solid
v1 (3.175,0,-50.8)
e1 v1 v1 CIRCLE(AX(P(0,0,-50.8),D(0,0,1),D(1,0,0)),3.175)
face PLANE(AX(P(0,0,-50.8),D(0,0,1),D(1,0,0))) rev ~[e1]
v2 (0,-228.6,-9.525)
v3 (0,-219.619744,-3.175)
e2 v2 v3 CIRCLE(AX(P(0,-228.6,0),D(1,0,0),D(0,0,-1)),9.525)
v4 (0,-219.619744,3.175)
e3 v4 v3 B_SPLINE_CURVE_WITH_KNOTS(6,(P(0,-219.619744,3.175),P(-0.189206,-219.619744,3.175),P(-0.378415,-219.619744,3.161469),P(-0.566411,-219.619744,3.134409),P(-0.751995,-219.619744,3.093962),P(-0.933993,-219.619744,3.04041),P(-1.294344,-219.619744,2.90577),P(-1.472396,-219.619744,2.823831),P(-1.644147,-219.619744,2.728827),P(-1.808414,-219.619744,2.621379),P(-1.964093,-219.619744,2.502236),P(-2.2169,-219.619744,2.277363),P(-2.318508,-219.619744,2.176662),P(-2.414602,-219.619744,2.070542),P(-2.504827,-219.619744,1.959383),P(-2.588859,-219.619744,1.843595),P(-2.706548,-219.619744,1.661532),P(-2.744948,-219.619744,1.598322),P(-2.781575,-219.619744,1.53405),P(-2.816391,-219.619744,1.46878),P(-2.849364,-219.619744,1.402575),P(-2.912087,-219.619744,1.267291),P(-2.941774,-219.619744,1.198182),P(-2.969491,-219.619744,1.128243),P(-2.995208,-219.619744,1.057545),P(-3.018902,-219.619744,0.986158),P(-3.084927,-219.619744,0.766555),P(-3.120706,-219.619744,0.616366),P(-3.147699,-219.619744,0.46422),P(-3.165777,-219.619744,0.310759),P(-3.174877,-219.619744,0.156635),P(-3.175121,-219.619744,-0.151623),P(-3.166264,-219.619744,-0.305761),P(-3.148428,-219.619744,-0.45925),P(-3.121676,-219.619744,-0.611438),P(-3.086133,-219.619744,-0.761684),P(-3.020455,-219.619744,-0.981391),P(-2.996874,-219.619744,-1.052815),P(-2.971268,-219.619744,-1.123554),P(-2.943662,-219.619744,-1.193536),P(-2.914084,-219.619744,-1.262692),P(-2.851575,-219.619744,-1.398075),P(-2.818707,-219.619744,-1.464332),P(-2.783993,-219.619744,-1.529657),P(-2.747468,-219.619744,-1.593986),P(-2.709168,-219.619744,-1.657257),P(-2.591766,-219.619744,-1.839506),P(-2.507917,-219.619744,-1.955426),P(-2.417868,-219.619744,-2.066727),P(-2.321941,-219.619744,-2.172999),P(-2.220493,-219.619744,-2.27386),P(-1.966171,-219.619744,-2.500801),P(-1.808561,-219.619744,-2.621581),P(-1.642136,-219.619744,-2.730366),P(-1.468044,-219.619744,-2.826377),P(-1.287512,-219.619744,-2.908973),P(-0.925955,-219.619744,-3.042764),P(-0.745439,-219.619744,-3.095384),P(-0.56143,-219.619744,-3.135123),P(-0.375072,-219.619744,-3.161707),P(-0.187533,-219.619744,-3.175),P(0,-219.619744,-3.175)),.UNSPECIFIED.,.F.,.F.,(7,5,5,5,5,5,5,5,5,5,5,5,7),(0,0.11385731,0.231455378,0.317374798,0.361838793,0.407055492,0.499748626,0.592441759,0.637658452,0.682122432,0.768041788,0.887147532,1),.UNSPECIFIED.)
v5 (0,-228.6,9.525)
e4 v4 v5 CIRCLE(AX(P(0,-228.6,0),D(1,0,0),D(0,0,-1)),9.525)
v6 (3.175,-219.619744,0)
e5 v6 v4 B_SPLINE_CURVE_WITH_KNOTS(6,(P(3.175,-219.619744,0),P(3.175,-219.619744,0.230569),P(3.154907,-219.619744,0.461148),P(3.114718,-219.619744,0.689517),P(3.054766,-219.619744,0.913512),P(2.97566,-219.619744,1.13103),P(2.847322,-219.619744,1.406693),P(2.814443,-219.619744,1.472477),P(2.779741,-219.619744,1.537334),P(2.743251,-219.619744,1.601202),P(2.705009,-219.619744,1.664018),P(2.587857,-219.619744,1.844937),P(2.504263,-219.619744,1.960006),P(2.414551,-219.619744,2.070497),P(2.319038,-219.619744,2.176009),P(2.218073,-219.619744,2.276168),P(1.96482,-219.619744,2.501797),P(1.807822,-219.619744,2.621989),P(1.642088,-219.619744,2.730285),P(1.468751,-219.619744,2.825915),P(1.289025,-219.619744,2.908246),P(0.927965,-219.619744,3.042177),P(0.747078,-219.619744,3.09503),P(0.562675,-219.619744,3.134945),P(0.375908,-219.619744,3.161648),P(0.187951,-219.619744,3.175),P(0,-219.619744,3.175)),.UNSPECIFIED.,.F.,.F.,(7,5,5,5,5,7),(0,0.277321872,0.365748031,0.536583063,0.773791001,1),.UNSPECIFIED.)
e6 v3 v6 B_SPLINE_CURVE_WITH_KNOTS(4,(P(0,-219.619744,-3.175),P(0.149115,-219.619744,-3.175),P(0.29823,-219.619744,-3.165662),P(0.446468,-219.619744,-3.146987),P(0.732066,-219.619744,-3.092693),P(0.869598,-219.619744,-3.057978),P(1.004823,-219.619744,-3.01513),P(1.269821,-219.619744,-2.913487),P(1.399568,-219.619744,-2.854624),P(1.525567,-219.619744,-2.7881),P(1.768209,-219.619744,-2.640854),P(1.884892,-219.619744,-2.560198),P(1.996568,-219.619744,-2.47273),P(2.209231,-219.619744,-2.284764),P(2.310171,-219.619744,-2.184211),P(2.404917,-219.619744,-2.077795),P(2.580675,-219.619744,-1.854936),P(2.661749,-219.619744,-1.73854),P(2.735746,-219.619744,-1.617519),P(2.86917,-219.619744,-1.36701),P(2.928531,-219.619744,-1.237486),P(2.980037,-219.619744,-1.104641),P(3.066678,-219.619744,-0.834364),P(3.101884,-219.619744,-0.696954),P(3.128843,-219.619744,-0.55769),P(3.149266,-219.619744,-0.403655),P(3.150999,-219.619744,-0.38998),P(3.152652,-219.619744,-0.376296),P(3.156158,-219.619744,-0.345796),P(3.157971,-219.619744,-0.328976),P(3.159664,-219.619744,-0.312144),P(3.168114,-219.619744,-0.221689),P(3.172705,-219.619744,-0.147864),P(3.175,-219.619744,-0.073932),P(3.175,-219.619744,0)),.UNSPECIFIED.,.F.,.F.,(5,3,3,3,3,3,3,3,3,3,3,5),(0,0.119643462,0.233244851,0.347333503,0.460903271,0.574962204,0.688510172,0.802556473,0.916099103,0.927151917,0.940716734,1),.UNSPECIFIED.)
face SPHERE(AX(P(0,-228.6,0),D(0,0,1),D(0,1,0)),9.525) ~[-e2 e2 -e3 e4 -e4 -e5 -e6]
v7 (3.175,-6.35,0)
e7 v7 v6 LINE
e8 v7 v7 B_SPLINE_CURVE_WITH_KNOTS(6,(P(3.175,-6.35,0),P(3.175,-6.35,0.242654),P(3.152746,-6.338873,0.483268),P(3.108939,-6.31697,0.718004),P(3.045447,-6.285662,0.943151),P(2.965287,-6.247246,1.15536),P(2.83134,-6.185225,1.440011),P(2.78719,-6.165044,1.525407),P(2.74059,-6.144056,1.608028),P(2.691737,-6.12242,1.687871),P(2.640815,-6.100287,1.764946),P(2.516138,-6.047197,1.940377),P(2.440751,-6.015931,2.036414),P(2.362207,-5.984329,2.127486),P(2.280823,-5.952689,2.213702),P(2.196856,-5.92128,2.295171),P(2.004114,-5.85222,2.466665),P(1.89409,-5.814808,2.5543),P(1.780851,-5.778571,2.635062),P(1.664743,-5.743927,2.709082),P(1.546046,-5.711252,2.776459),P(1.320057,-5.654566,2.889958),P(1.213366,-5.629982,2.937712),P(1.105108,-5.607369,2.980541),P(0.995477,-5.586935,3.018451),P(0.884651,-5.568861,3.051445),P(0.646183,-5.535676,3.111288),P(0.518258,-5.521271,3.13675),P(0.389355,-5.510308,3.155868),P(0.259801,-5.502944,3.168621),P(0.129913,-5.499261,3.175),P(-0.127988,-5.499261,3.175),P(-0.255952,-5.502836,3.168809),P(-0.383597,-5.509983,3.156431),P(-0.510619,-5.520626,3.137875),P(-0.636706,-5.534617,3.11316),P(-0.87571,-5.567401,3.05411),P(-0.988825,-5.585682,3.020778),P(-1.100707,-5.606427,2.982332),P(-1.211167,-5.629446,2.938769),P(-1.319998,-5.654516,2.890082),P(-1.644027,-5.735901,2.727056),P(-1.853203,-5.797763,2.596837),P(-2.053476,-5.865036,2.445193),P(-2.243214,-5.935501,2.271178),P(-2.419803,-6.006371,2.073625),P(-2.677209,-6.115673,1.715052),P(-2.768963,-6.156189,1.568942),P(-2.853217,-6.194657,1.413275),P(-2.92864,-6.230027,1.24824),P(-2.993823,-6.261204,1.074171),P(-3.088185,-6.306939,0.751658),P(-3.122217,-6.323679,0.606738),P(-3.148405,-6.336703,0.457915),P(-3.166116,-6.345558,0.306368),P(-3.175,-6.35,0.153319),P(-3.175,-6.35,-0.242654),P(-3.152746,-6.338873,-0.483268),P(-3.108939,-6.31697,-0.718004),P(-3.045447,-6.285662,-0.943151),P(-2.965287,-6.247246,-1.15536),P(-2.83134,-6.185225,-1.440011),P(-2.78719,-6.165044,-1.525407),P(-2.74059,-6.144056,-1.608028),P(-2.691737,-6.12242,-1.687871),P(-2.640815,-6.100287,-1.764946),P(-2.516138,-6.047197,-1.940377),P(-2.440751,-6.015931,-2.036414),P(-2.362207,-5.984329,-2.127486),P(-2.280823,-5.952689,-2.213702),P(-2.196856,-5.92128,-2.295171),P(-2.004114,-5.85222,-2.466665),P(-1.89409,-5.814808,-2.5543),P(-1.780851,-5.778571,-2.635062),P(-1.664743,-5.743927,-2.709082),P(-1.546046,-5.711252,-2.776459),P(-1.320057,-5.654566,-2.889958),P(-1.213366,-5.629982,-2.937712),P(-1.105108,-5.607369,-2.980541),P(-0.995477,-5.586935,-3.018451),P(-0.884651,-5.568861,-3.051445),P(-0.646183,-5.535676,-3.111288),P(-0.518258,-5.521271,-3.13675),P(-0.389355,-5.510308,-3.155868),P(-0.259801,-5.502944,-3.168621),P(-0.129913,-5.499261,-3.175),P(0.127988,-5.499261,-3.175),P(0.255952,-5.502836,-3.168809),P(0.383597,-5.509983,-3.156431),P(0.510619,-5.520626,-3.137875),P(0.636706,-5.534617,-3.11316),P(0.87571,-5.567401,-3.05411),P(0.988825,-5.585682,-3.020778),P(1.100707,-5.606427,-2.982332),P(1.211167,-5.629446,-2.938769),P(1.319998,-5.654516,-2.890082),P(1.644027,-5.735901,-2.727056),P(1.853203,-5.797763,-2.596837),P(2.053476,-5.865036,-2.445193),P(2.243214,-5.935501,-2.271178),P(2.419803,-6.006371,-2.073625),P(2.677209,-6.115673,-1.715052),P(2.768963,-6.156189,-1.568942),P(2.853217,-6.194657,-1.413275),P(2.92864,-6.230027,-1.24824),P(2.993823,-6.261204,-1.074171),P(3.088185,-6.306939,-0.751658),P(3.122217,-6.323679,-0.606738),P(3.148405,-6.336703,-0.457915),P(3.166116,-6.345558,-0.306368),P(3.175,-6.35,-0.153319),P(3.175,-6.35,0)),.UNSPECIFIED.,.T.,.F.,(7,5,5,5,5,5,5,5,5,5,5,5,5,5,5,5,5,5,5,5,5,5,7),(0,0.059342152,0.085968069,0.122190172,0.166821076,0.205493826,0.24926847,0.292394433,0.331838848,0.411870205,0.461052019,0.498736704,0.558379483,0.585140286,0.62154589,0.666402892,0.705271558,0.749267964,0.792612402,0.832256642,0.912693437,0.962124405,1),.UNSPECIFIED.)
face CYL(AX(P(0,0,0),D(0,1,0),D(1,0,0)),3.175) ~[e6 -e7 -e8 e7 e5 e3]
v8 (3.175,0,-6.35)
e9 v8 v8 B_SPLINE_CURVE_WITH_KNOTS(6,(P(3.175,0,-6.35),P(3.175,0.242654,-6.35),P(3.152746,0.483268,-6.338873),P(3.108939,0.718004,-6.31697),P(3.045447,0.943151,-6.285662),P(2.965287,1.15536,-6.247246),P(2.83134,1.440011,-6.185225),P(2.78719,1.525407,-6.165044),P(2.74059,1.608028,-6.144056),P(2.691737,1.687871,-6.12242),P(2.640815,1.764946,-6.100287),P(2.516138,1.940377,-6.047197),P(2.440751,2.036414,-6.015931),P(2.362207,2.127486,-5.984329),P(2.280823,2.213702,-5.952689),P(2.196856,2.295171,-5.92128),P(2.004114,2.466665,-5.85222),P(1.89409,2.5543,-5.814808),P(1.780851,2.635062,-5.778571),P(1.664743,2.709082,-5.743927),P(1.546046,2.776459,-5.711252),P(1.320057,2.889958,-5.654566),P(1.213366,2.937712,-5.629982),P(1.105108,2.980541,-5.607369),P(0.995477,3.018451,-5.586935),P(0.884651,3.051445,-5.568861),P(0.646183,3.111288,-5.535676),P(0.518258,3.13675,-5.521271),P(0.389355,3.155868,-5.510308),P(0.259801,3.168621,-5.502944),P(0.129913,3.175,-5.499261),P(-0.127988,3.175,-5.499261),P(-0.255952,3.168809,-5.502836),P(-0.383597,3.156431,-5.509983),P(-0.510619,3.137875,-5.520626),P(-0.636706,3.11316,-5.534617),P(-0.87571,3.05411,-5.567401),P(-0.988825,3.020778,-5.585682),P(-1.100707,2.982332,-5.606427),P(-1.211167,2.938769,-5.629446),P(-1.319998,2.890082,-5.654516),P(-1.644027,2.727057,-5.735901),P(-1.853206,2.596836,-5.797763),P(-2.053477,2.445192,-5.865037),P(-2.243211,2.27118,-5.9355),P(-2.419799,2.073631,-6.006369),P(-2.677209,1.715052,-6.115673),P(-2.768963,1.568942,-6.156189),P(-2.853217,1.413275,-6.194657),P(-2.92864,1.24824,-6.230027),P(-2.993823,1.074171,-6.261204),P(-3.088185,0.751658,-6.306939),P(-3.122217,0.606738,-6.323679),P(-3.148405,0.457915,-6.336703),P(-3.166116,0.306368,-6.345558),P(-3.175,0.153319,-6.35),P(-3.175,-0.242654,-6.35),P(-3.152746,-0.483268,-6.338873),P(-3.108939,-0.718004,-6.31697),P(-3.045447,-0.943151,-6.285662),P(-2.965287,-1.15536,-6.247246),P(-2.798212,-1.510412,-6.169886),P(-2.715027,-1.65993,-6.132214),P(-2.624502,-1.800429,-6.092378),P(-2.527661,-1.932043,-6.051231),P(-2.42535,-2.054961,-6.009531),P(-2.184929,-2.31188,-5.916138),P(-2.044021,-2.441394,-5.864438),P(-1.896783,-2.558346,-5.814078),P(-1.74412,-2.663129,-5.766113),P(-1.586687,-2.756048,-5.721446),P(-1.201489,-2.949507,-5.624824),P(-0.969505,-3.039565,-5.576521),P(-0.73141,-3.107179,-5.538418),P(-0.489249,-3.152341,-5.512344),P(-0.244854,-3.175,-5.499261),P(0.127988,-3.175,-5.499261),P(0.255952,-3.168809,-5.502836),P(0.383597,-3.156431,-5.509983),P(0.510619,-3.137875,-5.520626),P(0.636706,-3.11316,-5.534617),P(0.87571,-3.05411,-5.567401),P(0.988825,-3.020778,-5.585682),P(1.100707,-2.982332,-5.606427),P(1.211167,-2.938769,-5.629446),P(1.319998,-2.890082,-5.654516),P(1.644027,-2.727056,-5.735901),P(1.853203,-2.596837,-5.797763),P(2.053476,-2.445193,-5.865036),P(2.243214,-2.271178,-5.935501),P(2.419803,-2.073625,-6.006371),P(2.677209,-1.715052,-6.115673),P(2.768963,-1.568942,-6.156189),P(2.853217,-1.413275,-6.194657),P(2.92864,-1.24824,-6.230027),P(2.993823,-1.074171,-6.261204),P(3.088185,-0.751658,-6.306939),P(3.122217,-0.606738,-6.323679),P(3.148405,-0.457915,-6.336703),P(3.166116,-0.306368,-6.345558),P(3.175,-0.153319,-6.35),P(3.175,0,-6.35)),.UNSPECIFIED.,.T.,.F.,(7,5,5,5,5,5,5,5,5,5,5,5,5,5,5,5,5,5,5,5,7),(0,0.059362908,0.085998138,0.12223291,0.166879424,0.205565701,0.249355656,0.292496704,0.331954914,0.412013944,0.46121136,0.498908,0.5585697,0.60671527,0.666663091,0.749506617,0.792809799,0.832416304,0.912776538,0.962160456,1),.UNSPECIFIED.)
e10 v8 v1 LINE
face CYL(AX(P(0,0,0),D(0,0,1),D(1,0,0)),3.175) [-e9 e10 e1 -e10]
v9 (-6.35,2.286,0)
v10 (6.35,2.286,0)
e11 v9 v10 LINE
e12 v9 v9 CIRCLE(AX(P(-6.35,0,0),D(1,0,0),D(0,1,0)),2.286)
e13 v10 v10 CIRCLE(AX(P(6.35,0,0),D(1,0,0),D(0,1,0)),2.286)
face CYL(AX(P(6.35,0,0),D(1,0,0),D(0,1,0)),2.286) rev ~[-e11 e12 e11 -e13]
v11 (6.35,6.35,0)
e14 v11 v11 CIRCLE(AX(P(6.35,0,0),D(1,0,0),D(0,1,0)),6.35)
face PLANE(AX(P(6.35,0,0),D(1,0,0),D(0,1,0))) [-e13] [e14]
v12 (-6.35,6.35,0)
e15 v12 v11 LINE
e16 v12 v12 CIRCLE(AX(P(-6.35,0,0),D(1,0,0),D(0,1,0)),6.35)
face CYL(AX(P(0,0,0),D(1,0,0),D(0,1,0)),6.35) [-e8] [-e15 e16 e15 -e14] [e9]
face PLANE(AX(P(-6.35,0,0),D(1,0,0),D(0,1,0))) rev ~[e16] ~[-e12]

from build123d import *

# Parameters (mm, degrees)
F0_R     = 3.175
F1_DEPTH = 228.6
F2_R     = 3.175
F3_DEPTH = 50.8
F4_R     = 6.35
F5_DEPTH = 6.35
F8_R     = 2.286
F9_DEPTH = 63.5


with BuildPart() as f1:
    # F0 (on Front) → F1 (new body)
    with BuildSketch(Plane.XZ):
        Circle(F0_R)
    extrude(amount=F1_DEPTH)

    # F2 (on Top) → F3 (join)
    with BuildSketch(Plane.XY):
        Circle(F2_R)
    extrude(amount=-F3_DEPTH)

    # F4 (on Right) → F5 (join, symmetric)
    with BuildSketch(Plane.YZ):
        Circle(F4_R)
    extrude(amount=F5_DEPTH, both=True)

    # F6 (on Right) → F7 (revolve)
    with BuildSketch(Plane.YZ):
        with BuildLine():
            Line((-228.6, 9.525), (-228.6, -9.525))
            ThreePointArc((-228.6, -9.525), (-219.075, 0), (-228.6, 9.525))
        make_face()
    revolve(axis=Axis((0, -228.6, 0), (0, 0, -1)))

    # F8 (on face) → F9 (cut, symmetric)
    with BuildSketch(Plane.YZ.offset(6.35)):
        Circle(F8_R)
    extrude(amount=F9_DEPTH, both=True, mode=Mode.SUBTRACT)


solid = f1.part
